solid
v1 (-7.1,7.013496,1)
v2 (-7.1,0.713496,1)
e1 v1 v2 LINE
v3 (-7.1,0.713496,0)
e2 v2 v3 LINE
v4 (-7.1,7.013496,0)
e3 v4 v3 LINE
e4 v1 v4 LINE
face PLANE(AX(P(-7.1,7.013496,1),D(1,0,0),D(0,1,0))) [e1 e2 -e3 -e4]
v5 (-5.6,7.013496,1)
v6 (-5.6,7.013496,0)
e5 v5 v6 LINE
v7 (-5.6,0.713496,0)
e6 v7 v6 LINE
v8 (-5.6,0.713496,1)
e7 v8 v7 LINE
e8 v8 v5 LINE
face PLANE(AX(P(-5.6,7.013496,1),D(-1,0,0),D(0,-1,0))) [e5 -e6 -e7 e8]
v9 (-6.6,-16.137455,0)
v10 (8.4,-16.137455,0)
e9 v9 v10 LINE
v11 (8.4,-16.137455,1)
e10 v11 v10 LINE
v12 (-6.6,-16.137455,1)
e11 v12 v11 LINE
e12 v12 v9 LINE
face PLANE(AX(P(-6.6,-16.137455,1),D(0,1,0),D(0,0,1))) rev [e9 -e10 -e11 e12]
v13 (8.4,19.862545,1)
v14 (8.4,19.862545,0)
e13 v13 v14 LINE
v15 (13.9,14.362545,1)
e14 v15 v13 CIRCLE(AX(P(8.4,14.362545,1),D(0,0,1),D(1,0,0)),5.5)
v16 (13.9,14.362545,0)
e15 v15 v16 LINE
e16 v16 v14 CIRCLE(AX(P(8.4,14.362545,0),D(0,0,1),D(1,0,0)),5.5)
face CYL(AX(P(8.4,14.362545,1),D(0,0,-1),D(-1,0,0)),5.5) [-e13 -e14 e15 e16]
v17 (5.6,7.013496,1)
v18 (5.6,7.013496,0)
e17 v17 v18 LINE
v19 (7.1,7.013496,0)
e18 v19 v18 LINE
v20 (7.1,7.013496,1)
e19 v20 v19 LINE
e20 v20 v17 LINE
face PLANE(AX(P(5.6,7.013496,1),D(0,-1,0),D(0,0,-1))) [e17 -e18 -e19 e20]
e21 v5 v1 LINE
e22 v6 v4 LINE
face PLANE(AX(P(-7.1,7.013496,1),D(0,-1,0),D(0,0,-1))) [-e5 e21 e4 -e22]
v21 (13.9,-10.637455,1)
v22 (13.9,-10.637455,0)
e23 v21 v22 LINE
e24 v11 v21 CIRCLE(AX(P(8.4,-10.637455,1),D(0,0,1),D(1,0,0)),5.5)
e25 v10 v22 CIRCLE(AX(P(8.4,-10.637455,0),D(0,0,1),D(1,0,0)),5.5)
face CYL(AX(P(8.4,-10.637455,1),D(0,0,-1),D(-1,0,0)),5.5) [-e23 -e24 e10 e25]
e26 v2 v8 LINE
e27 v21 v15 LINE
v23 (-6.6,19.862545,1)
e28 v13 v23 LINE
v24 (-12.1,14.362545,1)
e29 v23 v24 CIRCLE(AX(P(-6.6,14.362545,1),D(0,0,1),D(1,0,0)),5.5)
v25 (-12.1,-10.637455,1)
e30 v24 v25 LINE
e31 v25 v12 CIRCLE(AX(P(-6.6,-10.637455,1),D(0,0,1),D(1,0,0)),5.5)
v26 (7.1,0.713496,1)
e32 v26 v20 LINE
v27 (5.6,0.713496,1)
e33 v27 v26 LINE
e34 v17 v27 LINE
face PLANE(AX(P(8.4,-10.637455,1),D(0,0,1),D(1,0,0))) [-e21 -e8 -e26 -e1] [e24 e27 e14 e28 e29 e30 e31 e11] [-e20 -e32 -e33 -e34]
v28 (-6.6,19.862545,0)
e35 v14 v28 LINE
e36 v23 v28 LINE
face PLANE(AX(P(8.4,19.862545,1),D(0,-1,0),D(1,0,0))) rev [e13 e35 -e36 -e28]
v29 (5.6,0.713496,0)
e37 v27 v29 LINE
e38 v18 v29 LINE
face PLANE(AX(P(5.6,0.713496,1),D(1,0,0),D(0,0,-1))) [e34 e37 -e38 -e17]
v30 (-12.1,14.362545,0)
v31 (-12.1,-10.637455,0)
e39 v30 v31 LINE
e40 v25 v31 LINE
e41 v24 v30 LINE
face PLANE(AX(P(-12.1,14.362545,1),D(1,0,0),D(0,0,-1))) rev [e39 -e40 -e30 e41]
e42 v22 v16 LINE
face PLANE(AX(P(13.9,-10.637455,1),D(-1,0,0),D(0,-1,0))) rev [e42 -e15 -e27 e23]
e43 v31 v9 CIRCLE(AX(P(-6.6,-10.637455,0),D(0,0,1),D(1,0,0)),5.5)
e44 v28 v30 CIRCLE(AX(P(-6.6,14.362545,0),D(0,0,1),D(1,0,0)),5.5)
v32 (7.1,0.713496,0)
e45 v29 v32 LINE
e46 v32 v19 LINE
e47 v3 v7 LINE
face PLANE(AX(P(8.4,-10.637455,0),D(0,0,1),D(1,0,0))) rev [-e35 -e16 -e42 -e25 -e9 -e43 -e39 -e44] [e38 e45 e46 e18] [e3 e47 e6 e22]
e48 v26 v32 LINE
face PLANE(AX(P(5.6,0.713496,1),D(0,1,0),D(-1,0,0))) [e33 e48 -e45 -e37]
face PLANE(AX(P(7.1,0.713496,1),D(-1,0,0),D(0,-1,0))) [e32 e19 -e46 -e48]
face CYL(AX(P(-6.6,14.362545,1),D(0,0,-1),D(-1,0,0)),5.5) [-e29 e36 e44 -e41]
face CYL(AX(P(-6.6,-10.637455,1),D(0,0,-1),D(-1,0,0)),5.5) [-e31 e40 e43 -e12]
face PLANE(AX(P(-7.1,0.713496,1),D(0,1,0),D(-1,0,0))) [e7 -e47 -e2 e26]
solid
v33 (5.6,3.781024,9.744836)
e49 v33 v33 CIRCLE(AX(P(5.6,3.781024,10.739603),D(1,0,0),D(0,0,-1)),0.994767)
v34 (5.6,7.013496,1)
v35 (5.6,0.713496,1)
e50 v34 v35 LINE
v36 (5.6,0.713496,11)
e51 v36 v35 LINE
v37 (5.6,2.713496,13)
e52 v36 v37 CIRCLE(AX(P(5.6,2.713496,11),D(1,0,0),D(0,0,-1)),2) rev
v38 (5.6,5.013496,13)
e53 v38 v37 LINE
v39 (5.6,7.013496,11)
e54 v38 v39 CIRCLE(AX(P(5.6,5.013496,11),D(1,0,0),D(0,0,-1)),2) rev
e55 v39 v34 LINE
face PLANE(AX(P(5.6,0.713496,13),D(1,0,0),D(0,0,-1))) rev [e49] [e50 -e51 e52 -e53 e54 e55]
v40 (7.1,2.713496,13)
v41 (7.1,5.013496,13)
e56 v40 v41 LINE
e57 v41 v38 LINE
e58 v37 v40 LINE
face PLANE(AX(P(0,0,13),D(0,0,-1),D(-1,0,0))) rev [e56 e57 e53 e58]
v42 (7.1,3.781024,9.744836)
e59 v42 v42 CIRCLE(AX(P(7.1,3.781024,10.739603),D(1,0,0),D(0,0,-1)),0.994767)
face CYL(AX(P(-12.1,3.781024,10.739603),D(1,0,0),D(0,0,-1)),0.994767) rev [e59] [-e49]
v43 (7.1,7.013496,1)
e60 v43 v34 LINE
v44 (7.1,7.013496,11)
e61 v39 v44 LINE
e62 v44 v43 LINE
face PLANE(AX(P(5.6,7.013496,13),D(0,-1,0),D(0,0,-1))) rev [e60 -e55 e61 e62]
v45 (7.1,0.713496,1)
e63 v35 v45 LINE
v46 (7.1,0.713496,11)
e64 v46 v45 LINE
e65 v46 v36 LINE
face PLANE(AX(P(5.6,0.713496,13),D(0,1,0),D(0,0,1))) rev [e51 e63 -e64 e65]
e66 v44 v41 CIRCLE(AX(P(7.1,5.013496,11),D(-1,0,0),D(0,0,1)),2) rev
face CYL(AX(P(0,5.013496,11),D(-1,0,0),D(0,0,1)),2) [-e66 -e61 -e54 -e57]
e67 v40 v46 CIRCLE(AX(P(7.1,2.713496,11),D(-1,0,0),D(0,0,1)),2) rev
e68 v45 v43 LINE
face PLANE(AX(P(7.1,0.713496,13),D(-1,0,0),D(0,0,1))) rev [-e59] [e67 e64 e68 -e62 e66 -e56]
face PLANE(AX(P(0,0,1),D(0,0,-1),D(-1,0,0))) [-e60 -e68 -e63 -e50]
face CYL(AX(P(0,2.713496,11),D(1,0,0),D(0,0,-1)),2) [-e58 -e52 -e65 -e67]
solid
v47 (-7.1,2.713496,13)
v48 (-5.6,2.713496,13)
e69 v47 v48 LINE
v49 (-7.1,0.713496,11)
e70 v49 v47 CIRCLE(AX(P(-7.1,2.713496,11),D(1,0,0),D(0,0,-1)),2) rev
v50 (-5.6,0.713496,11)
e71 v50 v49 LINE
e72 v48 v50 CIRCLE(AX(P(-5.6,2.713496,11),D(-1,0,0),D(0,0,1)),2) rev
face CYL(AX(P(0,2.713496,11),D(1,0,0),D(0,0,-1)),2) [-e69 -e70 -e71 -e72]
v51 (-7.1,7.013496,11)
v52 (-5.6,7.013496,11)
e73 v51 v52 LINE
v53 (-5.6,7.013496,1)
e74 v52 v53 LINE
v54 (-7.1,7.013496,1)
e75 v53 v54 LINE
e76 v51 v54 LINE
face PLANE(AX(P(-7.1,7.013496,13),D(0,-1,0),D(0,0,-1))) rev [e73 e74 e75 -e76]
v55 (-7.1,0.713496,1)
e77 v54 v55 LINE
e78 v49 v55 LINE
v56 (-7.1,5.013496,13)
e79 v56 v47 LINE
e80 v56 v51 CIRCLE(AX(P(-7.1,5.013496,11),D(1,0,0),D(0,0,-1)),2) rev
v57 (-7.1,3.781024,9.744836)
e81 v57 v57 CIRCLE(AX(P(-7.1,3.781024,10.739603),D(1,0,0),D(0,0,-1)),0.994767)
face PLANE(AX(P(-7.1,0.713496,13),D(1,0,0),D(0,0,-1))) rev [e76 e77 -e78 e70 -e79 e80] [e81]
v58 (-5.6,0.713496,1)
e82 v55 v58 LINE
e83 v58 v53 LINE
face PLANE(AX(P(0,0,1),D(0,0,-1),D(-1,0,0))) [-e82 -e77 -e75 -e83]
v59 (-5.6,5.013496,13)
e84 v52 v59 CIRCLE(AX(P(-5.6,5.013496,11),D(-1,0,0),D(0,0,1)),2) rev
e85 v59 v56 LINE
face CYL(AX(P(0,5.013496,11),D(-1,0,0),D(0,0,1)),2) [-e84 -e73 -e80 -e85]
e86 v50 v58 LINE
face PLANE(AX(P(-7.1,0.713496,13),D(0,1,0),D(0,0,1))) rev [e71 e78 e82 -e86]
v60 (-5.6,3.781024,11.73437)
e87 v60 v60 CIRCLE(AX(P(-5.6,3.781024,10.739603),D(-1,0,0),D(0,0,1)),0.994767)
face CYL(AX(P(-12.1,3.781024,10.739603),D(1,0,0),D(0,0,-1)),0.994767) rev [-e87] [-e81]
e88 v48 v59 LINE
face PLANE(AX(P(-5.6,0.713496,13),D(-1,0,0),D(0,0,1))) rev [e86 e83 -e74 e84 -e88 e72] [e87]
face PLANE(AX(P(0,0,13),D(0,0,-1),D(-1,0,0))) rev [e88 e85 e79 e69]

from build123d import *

# Parameters (mm, degrees)
SKETCH1_W             = 1.5
SKETCH1_H             = 6.3
BOSS_EXTRUDE1_DEPTH   = 1
SKETCH2_W             = 1.5
SKETCH2_H             = 6.3
BOSS_EXTRUDE2_DEPTH   = 12
BOSS_EXTRUDE2_2_DEPTH = 12
SKETCH3_R             = 0.994767201
CUT_EXTRUDE1_DEPTH    = 20.2
FILLET1_R             = 2
FILLET2_R             = 2


with BuildPart() as part:
    # Sketch1 → Boss-Extrude1 (new body)
    with BuildSketch(Plane.XY):
        with BuildLine():
            Line((13.9, -10.637455146), (13.9, 14.362544854))
            ThreePointArc((13.9, 14.362544854), (12.289087297, 18.251632151), (8.4, 19.862544854))
            Line((8.4, 19.862544854), (-6.6, 19.862544854))
            ThreePointArc((-6.6, 19.862544854), (-10.489087297, 18.251632151), (-12.1, 14.362544854))
            Line((-12.1, 14.362544854), (-12.1, -10.637455146))
            ThreePointArc((-12.1, -10.637455146), (-10.489087297, -14.526542442), (-6.6, -16.137455146))
            Line((-6.6, -16.137455146), (8.4, -16.137455146))
            ThreePointArc((8.4, -16.137455146), (12.289087297, -14.526542442), (13.9, -10.637455146))
        make_face()
        with Locations((-6.35, 3.863496204)):
            Rectangle(SKETCH1_W, SKETCH1_H, mode=Mode.SUBTRACT)
        with Locations((6.35, 3.863496204)):
            Rectangle(SKETCH1_W, SKETCH1_H, mode=Mode.SUBTRACT)
    extrude(amount=BOSS_EXTRUDE1_DEPTH)


with BuildPart() as body_2:
    # Sketch2 → Boss-Extrude2 (new body)
    with BuildSketch(Plane.XY.offset(1)):
        with Locations((-6.35, 3.863496204)):
            Rectangle(SKETCH2_W, SKETCH2_H)
    extrude(amount=BOSS_EXTRUDE2_DEPTH)


with BuildPart() as body_3:
    # Sketch2 → Boss-Extrude2 2 (new body)
    with BuildSketch(Plane.XY.offset(1)):
        with Locations((6.35, 3.863496204)):
            Rectangle(SKETCH2_W, SKETCH2_H)
    extrude(amount=BOSS_EXTRUDE2_2_DEPTH)


with BuildPart() as cut_extrude1_tool:
    # Sketch3 → Cut-Extrude1 (new body, through all)
    with BuildSketch(Plane(origin=(7.1, 0, 0), x_dir=(0, 0, -1), z_dir=(1, 0, 0))):
        with Locations((-10.739603072, 3.781024457)):
            Circle(SKETCH3_R)
    extrude(amount=-CUT_EXTRUDE1_DEPTH)


with BuildPart() as body_2_1:
    add(body_2.part)

    # Cut-Extrude1: cut by cut_extrude1_tool
    add(cut_extrude1_tool.part, mode=Mode.SUBTRACT)

    # Fillet2
    fillet2_edges = [body_2_1.edges().sort_by_distance(p)[0] for p in [
        (-6.35, 7.013496204, 13),
        (-6.35, 0.713496204, 13),
    ]]
    fillet(fillet2_edges, radius=FILLET2_R)


with BuildPart() as body_3_1:
    add(body_3.part)

    # Cut-Extrude1: cut by cut_extrude1_tool
    add(cut_extrude1_tool.part, mode=Mode.SUBTRACT)

    # Fillet1
    fillet1_edges = [body_3_1.edges().sort_by_distance(p)[0] for p in [
        (6.35, 0.713496204, 13),
        (6.35, 7.013496204, 13),
    ]]
    fillet(fillet1_edges, radius=FILLET1_R)


solid = Compound([part.part, body_2_1.part, body_3_1.part])
